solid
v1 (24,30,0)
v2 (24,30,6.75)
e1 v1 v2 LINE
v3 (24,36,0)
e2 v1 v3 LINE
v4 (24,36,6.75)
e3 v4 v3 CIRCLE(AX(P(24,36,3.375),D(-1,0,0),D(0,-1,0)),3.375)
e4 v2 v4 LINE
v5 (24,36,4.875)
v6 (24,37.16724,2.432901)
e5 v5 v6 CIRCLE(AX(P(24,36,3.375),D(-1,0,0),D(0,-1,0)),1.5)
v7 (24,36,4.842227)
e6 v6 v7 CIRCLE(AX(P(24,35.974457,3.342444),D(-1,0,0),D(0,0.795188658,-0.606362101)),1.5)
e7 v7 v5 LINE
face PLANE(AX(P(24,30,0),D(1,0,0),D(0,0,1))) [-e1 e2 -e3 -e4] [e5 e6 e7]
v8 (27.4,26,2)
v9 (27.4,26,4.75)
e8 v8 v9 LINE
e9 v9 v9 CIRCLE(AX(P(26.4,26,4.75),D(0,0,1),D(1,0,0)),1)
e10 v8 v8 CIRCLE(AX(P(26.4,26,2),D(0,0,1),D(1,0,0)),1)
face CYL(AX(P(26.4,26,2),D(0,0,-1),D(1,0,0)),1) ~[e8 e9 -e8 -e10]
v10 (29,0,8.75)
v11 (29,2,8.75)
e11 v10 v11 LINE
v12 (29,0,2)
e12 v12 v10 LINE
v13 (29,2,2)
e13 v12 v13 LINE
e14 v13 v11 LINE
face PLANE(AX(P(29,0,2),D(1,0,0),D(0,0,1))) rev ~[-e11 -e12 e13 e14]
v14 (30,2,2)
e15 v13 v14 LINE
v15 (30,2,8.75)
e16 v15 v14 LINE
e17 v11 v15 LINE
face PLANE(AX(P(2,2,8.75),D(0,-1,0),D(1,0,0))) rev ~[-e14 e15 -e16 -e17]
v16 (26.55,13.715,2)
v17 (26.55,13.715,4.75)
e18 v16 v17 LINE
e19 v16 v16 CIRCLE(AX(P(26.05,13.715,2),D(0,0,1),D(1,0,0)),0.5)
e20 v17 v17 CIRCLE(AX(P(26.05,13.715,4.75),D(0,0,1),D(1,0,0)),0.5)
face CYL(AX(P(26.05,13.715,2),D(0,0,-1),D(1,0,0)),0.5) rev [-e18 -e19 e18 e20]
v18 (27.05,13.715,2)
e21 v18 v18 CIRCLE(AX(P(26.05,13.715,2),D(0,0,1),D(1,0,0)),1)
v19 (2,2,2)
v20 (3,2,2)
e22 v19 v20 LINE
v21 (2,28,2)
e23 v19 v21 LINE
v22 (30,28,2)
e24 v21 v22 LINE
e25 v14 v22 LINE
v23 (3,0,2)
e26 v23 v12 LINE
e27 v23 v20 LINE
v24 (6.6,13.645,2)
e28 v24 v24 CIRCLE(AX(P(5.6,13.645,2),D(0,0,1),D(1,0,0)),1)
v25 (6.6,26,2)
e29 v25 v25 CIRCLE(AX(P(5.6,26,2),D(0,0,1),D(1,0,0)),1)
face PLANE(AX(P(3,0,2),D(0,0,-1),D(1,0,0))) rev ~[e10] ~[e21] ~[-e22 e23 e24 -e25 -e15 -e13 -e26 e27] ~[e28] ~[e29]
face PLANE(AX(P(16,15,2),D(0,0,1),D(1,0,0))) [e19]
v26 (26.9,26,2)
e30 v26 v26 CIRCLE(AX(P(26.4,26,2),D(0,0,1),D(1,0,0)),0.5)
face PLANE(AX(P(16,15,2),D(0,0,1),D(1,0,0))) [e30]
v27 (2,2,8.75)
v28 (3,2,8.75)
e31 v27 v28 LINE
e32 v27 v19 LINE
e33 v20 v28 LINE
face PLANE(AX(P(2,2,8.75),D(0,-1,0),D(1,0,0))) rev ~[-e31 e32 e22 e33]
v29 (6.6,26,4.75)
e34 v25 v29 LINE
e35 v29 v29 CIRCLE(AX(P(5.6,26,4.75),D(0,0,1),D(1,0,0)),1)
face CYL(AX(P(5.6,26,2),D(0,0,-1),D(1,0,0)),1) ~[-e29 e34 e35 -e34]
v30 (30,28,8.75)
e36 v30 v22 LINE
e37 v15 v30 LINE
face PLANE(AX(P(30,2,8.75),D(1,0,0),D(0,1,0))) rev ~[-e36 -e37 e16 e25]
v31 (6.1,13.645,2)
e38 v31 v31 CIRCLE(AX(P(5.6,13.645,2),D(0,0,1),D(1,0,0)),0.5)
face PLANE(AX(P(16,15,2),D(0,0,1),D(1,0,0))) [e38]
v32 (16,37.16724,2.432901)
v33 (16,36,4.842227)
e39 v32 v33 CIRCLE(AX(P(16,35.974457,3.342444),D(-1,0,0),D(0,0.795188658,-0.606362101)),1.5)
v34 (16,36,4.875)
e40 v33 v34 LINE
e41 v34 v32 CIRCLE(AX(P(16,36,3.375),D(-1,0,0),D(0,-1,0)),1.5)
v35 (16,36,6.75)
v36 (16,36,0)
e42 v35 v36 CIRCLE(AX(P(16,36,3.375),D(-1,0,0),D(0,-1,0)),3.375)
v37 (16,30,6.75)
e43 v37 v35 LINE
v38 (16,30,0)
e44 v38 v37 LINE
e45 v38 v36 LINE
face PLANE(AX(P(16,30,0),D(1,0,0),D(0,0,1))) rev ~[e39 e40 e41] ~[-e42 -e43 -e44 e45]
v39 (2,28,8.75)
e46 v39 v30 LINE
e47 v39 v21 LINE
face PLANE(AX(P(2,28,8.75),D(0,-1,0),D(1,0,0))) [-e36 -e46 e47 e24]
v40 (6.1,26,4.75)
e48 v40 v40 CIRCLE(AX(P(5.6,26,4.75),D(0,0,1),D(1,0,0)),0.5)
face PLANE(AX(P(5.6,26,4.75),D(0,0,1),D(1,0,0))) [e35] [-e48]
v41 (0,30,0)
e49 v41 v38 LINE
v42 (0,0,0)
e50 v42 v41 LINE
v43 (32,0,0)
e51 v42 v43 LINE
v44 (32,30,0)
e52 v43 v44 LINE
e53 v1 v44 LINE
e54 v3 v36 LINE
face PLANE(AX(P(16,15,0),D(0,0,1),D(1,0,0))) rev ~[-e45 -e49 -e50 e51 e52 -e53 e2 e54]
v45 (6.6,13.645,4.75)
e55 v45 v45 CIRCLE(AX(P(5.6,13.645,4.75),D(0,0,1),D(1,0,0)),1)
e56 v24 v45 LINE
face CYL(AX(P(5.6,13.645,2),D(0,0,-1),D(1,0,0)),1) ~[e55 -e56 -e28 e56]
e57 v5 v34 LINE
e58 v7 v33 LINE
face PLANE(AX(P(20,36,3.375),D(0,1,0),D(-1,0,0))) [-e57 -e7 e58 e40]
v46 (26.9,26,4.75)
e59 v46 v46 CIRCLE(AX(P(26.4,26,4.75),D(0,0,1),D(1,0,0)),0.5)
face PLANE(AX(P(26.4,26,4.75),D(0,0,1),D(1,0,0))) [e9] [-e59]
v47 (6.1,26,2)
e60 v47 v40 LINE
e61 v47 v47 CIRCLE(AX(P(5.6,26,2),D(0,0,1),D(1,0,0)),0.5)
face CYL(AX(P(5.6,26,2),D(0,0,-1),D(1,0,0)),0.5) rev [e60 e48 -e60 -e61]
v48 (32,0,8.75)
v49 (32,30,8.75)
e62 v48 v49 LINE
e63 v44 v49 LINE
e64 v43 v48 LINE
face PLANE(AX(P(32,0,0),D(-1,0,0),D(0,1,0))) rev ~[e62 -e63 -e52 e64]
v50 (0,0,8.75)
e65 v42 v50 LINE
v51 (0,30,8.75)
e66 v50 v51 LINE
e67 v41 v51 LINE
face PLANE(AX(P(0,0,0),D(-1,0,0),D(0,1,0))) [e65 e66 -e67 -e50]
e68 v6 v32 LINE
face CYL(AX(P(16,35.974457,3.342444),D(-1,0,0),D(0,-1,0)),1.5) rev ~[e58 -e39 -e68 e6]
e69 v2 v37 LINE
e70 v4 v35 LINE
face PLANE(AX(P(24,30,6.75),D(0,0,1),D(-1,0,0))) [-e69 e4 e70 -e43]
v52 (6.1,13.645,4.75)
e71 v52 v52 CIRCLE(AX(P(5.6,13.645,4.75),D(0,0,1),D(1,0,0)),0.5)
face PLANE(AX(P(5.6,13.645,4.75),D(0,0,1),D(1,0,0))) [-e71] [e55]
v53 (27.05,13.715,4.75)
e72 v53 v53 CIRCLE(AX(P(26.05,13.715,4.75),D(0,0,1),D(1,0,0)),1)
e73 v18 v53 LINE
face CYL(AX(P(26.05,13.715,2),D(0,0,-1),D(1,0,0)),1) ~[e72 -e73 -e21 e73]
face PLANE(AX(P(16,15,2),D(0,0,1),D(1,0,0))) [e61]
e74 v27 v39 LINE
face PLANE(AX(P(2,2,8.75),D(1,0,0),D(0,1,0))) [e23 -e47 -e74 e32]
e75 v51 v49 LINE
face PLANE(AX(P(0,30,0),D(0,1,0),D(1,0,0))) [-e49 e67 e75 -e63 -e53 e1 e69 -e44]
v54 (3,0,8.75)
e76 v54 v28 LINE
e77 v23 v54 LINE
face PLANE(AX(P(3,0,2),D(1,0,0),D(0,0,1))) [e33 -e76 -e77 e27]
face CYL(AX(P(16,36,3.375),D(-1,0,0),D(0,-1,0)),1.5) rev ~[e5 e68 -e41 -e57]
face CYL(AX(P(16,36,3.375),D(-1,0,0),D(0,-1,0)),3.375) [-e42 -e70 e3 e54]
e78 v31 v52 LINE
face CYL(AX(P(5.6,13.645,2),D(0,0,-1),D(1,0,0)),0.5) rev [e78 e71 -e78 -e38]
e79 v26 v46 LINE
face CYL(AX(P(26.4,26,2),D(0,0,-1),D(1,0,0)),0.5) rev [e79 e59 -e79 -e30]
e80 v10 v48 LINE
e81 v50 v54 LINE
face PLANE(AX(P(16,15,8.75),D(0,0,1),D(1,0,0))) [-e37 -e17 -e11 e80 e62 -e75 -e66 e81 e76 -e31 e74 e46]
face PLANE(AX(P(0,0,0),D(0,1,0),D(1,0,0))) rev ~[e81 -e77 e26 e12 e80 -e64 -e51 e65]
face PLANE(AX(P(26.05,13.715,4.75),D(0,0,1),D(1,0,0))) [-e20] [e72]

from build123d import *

# Parameters (mm, degrees)
SKETCH_W        = 32
SKETCH_H        = 30
PAD_DEPTH       = 8.75
SKETCH001_W     = 28
SKETCH001_H     = 26
POCKET_DEPTH    = 6.75
SKETCH002_R     = 1
SKETCH002_R_2   = 0.5
PAD001_DEPTH    = 2.75
SKETCH003_W     = 26
SKETCH003_H     = 6.75
POCKET001_DEPTH = 2
SKETCH004_W     = 8
SKETCH004_H     = 6.75
PAD002_DEPTH    = 6
SKETCH005_R     = 3.375
SKETCH005_R_2   = 1.5
PAD003_DEPTH    = 8
SKETCH006_R     = 1.5
POCKET002_DEPTH = 8


with BuildPart() as part:
    # Sketch → Pad (new body)
    with BuildSketch(Plane.XY):
        with Locations((16, 15)):
            Rectangle(SKETCH_W, SKETCH_H)
    extrude(amount=PAD_DEPTH)

    # Sketch001 (on Face6 of Pad) → Pocket (cut)
    with BuildSketch(Plane.XY.offset(8.75)):
        with Locations((16, 15)):
            Rectangle(SKETCH001_W, SKETCH001_H)
    extrude(amount=-POCKET_DEPTH, mode=Mode.SUBTRACT)

    # Sketch002 (on Face11 of Pocket) → Pad001 (join)
    with BuildSketch(Plane.XY.offset(2)):
        with Locations((5.6, 26)):
            Circle(SKETCH002_R)
        with Locations((5.6, 26)):
            Circle(SKETCH002_R_2, mode=Mode.SUBTRACT)
        with Locations((26.4, 26)):
            Circle(SKETCH002_R)
        with Locations((26.4, 26)):
            Circle(SKETCH002_R_2, mode=Mode.SUBTRACT)
        with Locations((26.05, 13.715)):
            Circle(SKETCH002_R)
        with Locations((26.05, 13.715)):
            Circle(SKETCH002_R_2, mode=Mode.SUBTRACT)
        with Locations((5.6, 13.645)):
            Circle(SKETCH002_R)
        with Locations((5.6, 13.645)):
            Circle(SKETCH002_R_2, mode=Mode.SUBTRACT)
    extrude(amount=PAD001_DEPTH)

    # Sketch003 (on Face1 of Pad001) → Pocket001 (cut)
    with BuildSketch(Plane.XZ):
        with Locations((16, 5.375)):
            Rectangle(SKETCH003_W, SKETCH003_H)
    extrude(amount=-POCKET001_DEPTH, mode=Mode.SUBTRACT)

    # Sketch004 (on Face9 of Pocket001) → Pad002 (join)
    with BuildSketch(Plane(origin=(0, 30, 0), x_dir=(-1, 0, 0), z_dir=(0, 1, 0))):
        with Locations((-20, 3.375)):
            Rectangle(SKETCH004_W, SKETCH004_H)
    extrude(amount=PAD002_DEPTH)

    # Sketch005 (on Face19 of Pad002) → Pad003 (join)
    with BuildSketch(Plane(origin=(16, 0, 0), x_dir=(0, -1, 0), z_dir=(-1, 0, 0))):
        with Locations((-36, 3.375)):
            Circle(SKETCH005_R)
        with Locations((-36, 3.375)):
            Circle(SKETCH005_R_2, mode=Mode.SUBTRACT)
    extrude(amount=-PAD003_DEPTH)

    # Sketch006 (on Face34 of Pad003) → Pocket002 (cut)
    with BuildSketch(Plane(origin=(16, 0, 0), x_dir=(0, -1, 0), z_dir=(-1, 0, 0))):
        with Locations((-35.974457, 3.342444)):
            Circle(SKETCH006_R)
    extrude(amount=-POCKET002_DEPTH, mode=Mode.SUBTRACT)


solid = part.part
